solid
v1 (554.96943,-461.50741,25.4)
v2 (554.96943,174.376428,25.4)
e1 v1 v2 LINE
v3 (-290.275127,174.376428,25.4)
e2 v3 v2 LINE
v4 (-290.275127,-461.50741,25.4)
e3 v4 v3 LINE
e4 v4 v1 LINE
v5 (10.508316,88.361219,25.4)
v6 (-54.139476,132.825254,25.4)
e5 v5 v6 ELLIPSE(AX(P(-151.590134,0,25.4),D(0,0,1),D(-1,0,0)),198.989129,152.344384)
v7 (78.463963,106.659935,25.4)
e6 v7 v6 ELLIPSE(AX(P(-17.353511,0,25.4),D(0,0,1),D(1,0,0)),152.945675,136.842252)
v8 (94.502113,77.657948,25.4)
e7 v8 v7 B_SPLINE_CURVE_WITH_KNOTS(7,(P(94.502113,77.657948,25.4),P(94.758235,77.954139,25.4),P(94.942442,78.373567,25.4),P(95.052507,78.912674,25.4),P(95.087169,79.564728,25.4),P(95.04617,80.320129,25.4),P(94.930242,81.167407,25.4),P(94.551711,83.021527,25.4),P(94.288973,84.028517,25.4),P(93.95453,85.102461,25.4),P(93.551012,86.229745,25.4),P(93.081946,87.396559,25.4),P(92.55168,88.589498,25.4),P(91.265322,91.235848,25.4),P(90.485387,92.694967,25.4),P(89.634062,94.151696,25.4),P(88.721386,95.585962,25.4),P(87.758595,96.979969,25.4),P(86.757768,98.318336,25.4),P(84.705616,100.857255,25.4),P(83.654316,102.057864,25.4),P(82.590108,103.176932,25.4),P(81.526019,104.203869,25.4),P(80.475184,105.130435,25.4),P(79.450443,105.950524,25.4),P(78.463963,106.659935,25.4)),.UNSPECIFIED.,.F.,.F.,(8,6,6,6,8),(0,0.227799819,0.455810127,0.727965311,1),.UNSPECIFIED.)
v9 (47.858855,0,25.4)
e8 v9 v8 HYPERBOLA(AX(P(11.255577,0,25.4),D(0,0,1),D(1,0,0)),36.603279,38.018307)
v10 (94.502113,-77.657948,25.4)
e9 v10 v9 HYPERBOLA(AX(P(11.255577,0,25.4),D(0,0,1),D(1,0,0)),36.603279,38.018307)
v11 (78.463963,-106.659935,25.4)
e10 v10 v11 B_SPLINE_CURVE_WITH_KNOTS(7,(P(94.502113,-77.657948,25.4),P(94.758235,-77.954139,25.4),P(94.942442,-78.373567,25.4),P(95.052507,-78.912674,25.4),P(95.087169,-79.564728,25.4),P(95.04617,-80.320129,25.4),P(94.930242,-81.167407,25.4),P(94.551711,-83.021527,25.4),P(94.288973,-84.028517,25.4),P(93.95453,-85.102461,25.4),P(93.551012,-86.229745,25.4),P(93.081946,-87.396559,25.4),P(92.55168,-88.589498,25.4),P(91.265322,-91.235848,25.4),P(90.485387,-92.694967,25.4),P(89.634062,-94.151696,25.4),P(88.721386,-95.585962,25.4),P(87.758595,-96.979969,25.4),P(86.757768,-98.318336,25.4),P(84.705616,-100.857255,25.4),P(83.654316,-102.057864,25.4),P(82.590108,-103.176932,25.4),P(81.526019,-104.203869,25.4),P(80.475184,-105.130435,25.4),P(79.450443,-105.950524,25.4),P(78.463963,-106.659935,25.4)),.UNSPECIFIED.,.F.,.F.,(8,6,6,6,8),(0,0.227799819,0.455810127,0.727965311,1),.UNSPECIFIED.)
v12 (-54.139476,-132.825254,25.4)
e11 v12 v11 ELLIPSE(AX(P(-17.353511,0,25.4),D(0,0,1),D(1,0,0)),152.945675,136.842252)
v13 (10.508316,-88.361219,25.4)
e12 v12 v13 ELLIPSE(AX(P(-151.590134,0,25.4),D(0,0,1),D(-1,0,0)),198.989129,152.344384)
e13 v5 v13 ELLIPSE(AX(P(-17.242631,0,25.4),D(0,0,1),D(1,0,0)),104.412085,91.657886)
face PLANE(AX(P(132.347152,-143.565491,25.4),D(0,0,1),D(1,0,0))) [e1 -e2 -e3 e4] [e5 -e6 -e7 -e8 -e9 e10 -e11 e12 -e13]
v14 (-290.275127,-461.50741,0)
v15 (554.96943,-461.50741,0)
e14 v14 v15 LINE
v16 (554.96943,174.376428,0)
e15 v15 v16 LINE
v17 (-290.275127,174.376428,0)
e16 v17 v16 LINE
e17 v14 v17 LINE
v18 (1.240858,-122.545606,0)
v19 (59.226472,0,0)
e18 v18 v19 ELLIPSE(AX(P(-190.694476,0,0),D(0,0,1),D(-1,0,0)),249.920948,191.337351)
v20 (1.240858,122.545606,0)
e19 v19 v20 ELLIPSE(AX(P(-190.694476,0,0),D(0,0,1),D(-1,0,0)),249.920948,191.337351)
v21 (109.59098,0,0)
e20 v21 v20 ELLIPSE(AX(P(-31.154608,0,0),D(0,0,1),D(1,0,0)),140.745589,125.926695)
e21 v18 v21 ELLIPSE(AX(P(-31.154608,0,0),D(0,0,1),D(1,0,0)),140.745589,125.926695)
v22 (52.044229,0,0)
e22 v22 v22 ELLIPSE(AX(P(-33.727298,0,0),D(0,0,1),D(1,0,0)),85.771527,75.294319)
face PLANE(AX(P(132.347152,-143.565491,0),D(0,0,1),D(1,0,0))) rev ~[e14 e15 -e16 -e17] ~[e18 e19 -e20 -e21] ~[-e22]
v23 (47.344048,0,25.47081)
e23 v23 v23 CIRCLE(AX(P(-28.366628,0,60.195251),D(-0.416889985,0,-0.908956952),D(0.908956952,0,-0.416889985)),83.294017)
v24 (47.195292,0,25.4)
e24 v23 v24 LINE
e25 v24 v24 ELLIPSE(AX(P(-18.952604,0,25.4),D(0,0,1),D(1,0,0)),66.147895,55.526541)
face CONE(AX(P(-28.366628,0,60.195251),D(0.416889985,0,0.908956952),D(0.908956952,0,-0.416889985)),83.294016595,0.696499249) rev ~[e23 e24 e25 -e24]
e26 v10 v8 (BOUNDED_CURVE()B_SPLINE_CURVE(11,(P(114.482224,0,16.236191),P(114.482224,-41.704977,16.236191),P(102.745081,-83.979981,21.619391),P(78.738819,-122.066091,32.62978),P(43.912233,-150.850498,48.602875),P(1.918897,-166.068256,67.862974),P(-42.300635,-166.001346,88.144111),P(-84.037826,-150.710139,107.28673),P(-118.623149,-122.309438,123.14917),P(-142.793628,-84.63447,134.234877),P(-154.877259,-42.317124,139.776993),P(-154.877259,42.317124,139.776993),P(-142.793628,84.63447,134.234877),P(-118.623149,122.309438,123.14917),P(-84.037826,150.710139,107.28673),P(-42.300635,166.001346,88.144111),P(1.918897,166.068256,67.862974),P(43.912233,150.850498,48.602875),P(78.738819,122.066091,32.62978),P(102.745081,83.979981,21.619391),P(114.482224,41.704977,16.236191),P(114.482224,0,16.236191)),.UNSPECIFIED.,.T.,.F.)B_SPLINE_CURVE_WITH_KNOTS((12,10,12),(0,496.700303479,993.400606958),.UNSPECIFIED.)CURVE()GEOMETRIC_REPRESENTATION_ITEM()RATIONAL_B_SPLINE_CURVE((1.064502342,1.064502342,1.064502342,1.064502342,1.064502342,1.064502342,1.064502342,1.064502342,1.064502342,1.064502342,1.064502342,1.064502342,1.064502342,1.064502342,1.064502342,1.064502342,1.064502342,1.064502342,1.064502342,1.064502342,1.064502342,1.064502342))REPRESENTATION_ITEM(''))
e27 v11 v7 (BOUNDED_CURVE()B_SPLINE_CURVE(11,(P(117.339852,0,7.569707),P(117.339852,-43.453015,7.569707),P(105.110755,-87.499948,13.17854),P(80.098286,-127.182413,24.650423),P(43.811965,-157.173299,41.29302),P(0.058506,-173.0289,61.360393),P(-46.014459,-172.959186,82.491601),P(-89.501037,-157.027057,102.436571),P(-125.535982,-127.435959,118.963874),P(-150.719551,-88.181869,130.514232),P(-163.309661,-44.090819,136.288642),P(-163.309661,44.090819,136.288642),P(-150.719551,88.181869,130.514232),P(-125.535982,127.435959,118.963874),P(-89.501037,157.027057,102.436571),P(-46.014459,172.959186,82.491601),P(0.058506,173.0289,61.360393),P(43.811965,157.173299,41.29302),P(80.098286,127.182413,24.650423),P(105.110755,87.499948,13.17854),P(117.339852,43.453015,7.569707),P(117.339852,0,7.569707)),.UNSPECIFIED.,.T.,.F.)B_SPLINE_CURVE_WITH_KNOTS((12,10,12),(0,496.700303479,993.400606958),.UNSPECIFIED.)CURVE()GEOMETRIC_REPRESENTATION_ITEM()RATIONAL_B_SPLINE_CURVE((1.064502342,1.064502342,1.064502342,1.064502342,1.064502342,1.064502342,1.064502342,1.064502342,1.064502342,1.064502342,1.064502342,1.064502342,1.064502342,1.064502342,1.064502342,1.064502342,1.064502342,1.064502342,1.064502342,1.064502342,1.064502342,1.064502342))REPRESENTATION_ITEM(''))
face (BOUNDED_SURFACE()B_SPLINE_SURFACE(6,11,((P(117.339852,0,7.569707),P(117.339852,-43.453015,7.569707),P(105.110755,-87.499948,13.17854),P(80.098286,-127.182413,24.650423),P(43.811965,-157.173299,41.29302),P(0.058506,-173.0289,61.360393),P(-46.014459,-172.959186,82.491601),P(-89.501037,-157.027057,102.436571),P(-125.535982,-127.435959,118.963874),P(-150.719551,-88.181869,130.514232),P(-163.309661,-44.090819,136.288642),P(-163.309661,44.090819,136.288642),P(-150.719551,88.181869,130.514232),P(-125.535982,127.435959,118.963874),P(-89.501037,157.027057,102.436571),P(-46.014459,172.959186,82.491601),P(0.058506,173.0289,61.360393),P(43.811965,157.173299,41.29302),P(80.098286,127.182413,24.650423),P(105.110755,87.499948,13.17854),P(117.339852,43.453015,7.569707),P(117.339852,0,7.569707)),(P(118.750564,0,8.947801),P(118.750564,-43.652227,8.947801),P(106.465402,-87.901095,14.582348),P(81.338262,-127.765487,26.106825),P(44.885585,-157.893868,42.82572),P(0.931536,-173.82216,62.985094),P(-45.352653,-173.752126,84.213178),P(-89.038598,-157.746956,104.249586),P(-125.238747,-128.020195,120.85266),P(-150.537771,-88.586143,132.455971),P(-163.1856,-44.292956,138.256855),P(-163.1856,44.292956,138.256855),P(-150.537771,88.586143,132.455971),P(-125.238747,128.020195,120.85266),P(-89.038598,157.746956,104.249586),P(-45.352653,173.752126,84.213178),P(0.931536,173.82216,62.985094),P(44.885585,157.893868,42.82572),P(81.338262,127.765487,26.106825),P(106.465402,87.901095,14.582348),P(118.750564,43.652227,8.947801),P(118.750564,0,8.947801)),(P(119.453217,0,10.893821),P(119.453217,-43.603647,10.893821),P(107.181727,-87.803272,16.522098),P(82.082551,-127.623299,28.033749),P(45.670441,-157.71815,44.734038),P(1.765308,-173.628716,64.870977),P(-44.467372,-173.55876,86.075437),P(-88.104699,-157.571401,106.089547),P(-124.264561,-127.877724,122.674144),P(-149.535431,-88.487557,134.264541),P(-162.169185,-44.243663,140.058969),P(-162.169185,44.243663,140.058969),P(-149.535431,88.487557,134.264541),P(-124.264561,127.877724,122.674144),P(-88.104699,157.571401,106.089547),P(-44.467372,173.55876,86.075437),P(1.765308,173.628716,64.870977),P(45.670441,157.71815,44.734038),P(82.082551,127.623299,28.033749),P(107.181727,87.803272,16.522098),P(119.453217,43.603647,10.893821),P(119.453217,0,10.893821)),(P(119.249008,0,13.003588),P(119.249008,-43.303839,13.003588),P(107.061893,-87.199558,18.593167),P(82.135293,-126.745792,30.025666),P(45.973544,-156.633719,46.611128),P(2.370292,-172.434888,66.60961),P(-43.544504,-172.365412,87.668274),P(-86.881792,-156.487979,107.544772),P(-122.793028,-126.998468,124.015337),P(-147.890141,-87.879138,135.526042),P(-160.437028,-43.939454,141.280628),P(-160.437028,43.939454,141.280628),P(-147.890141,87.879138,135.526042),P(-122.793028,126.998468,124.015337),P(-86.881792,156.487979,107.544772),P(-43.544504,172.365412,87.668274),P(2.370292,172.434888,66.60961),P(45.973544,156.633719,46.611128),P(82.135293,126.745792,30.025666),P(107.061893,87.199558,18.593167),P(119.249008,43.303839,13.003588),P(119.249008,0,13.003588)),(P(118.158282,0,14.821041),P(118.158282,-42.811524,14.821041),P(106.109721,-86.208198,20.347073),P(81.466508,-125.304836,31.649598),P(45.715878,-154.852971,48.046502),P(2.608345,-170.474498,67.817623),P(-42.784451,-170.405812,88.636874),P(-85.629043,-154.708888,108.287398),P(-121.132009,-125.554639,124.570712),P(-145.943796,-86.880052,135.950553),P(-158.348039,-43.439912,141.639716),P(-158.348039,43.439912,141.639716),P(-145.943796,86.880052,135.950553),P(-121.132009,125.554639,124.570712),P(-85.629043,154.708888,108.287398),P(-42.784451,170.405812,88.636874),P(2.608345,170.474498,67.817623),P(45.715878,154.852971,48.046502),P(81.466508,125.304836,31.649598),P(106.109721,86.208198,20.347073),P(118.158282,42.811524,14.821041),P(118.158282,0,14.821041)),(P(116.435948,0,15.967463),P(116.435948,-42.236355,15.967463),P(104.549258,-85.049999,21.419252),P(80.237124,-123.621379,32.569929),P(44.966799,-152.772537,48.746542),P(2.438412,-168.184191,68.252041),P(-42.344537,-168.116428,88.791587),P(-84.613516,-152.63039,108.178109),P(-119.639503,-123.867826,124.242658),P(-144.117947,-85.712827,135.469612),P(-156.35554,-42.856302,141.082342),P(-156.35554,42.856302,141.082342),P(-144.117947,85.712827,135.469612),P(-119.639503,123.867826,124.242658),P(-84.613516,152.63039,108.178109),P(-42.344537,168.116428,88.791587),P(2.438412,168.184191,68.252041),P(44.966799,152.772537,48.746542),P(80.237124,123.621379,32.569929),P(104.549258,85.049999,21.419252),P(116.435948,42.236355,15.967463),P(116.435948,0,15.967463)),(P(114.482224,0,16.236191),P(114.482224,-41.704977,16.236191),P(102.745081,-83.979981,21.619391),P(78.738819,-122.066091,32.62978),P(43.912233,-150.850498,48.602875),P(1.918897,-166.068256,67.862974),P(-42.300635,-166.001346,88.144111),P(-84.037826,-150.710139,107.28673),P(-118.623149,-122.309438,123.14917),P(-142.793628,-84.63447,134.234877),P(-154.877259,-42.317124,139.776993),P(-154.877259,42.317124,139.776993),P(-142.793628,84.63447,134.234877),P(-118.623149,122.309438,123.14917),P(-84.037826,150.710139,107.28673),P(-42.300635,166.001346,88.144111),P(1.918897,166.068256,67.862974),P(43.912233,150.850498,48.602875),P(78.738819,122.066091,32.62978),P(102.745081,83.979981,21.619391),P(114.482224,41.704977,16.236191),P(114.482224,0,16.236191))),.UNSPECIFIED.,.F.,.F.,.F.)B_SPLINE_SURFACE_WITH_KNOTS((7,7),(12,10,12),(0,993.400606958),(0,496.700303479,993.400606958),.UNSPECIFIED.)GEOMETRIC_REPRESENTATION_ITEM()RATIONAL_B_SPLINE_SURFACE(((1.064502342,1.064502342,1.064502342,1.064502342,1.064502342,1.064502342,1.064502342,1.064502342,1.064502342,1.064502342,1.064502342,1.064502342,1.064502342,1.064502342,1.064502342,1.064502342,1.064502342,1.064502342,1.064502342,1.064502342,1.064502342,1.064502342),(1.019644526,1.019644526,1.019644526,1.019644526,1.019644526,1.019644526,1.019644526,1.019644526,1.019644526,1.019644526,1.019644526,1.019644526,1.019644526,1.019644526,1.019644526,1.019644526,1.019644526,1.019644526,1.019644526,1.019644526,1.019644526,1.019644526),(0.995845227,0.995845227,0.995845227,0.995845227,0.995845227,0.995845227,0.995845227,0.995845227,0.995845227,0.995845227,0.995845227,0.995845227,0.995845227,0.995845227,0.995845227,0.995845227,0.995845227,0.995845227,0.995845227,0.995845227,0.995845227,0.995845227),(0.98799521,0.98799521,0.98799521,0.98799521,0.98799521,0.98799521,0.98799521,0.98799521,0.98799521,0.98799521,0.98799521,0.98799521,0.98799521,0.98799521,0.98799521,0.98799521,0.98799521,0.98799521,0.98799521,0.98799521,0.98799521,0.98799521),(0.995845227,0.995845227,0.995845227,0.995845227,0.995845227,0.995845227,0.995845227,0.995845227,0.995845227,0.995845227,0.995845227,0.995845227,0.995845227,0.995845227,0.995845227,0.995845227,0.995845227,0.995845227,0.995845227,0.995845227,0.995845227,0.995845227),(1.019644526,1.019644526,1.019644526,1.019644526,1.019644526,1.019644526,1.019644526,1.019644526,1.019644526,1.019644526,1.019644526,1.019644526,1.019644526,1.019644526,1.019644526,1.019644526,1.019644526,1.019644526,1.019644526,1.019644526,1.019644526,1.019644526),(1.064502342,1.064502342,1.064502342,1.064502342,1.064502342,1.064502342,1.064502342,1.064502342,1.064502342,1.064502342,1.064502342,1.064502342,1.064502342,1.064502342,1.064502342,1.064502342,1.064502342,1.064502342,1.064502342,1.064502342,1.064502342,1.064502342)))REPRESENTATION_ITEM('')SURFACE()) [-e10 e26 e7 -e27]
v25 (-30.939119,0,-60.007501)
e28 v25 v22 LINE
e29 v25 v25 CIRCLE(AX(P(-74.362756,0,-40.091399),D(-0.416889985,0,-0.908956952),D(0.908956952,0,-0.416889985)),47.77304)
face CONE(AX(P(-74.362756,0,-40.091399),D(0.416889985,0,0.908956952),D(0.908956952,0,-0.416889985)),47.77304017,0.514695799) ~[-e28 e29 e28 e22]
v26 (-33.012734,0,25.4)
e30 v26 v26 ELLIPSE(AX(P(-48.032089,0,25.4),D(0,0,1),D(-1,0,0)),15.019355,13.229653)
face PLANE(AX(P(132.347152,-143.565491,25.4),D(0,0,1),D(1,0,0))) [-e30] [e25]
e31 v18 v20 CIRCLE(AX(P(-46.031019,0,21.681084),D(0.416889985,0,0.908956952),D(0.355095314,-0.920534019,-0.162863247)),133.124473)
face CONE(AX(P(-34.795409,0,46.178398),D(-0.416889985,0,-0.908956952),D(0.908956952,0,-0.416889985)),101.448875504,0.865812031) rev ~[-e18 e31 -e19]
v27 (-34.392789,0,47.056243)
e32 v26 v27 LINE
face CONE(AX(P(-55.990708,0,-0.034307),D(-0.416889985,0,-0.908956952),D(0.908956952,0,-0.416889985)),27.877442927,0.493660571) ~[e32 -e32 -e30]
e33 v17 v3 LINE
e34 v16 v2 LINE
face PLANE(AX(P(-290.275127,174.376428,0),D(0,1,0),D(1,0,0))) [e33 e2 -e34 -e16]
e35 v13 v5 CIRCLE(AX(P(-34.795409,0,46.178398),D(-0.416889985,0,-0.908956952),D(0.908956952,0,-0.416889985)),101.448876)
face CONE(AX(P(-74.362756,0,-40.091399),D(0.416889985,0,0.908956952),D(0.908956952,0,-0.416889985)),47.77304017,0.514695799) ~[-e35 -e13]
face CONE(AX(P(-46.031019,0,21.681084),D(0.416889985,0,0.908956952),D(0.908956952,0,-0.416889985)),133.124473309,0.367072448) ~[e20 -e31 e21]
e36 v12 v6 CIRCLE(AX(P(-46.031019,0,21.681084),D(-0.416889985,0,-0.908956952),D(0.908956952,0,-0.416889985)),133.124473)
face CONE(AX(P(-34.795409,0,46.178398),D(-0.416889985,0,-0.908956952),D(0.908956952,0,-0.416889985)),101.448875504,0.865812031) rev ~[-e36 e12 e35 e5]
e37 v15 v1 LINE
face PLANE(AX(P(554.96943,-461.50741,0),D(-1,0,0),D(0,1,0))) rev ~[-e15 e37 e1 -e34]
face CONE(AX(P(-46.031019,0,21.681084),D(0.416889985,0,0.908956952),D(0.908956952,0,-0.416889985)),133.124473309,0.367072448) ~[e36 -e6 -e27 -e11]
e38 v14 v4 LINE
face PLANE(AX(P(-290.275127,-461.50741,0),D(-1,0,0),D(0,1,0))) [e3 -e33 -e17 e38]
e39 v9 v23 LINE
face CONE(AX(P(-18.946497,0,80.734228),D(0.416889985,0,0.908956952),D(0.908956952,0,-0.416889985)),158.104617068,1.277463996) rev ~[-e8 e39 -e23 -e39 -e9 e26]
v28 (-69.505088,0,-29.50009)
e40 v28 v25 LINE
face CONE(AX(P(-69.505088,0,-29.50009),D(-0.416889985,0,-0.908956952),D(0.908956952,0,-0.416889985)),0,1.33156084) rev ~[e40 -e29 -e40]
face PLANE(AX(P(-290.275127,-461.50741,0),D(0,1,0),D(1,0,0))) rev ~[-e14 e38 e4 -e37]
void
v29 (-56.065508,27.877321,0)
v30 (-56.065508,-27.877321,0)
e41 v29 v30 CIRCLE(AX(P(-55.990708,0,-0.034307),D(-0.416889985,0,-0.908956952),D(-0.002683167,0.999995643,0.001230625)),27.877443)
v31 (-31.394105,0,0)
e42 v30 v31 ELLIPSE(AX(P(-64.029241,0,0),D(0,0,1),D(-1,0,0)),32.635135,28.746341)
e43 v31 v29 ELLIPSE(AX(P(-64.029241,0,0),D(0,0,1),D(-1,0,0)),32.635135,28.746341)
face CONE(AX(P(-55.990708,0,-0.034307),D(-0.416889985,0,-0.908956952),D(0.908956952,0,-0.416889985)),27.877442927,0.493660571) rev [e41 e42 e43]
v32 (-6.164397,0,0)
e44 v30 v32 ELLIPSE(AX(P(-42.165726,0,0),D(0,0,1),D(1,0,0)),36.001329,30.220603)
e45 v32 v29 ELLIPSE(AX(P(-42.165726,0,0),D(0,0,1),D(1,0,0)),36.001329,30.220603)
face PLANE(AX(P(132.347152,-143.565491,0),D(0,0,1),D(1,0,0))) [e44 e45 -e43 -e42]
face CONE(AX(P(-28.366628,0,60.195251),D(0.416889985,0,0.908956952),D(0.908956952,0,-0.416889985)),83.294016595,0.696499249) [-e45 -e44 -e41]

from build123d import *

# Parameters (mm, degrees)
F2_R     = 5.08
F3_W     = 845.2445566654
F3_H     = 635.8838379383
F4_DEPTH = 25.4


with BuildPart() as f1:
    # F0 (on Front) → F1 (revolve)
    with BuildSketch(Plane.XZ):
        Polygon((-30.6513123214, -11.656133458), (-34.3927890062, 47.0562428236), (-69.5050880313, -29.5000895858), (-30.9391189367, -60.0075013936), (57.4172511697, 3.8853778969), (74.9733969569, -33.8171757758), (124.7637942433, 14.8219969124), (47.3440475762, 25.470810011), align=None)
    revolve(axis=Axis((-51.9489385188, 0, 8.7780766189), (-0.4168899853, 0, -0.9089569518)))

    # F2
    f2_edges = [f1.edges().sort_by_distance(p)[0] for p in [
        (-162.656787, 0, 146.64646),
    ]]
    fillet(f2_edges, radius=F2_R)

    # F3 (on Top) → F4 (join)
    with BuildSketch(Plane.XY):
        with Locations((132.3471516371, -143.5654908419)):
            Rectangle(F3_W, F3_H)
    extrude(amount=F4_DEPTH)


solid = f1.part
